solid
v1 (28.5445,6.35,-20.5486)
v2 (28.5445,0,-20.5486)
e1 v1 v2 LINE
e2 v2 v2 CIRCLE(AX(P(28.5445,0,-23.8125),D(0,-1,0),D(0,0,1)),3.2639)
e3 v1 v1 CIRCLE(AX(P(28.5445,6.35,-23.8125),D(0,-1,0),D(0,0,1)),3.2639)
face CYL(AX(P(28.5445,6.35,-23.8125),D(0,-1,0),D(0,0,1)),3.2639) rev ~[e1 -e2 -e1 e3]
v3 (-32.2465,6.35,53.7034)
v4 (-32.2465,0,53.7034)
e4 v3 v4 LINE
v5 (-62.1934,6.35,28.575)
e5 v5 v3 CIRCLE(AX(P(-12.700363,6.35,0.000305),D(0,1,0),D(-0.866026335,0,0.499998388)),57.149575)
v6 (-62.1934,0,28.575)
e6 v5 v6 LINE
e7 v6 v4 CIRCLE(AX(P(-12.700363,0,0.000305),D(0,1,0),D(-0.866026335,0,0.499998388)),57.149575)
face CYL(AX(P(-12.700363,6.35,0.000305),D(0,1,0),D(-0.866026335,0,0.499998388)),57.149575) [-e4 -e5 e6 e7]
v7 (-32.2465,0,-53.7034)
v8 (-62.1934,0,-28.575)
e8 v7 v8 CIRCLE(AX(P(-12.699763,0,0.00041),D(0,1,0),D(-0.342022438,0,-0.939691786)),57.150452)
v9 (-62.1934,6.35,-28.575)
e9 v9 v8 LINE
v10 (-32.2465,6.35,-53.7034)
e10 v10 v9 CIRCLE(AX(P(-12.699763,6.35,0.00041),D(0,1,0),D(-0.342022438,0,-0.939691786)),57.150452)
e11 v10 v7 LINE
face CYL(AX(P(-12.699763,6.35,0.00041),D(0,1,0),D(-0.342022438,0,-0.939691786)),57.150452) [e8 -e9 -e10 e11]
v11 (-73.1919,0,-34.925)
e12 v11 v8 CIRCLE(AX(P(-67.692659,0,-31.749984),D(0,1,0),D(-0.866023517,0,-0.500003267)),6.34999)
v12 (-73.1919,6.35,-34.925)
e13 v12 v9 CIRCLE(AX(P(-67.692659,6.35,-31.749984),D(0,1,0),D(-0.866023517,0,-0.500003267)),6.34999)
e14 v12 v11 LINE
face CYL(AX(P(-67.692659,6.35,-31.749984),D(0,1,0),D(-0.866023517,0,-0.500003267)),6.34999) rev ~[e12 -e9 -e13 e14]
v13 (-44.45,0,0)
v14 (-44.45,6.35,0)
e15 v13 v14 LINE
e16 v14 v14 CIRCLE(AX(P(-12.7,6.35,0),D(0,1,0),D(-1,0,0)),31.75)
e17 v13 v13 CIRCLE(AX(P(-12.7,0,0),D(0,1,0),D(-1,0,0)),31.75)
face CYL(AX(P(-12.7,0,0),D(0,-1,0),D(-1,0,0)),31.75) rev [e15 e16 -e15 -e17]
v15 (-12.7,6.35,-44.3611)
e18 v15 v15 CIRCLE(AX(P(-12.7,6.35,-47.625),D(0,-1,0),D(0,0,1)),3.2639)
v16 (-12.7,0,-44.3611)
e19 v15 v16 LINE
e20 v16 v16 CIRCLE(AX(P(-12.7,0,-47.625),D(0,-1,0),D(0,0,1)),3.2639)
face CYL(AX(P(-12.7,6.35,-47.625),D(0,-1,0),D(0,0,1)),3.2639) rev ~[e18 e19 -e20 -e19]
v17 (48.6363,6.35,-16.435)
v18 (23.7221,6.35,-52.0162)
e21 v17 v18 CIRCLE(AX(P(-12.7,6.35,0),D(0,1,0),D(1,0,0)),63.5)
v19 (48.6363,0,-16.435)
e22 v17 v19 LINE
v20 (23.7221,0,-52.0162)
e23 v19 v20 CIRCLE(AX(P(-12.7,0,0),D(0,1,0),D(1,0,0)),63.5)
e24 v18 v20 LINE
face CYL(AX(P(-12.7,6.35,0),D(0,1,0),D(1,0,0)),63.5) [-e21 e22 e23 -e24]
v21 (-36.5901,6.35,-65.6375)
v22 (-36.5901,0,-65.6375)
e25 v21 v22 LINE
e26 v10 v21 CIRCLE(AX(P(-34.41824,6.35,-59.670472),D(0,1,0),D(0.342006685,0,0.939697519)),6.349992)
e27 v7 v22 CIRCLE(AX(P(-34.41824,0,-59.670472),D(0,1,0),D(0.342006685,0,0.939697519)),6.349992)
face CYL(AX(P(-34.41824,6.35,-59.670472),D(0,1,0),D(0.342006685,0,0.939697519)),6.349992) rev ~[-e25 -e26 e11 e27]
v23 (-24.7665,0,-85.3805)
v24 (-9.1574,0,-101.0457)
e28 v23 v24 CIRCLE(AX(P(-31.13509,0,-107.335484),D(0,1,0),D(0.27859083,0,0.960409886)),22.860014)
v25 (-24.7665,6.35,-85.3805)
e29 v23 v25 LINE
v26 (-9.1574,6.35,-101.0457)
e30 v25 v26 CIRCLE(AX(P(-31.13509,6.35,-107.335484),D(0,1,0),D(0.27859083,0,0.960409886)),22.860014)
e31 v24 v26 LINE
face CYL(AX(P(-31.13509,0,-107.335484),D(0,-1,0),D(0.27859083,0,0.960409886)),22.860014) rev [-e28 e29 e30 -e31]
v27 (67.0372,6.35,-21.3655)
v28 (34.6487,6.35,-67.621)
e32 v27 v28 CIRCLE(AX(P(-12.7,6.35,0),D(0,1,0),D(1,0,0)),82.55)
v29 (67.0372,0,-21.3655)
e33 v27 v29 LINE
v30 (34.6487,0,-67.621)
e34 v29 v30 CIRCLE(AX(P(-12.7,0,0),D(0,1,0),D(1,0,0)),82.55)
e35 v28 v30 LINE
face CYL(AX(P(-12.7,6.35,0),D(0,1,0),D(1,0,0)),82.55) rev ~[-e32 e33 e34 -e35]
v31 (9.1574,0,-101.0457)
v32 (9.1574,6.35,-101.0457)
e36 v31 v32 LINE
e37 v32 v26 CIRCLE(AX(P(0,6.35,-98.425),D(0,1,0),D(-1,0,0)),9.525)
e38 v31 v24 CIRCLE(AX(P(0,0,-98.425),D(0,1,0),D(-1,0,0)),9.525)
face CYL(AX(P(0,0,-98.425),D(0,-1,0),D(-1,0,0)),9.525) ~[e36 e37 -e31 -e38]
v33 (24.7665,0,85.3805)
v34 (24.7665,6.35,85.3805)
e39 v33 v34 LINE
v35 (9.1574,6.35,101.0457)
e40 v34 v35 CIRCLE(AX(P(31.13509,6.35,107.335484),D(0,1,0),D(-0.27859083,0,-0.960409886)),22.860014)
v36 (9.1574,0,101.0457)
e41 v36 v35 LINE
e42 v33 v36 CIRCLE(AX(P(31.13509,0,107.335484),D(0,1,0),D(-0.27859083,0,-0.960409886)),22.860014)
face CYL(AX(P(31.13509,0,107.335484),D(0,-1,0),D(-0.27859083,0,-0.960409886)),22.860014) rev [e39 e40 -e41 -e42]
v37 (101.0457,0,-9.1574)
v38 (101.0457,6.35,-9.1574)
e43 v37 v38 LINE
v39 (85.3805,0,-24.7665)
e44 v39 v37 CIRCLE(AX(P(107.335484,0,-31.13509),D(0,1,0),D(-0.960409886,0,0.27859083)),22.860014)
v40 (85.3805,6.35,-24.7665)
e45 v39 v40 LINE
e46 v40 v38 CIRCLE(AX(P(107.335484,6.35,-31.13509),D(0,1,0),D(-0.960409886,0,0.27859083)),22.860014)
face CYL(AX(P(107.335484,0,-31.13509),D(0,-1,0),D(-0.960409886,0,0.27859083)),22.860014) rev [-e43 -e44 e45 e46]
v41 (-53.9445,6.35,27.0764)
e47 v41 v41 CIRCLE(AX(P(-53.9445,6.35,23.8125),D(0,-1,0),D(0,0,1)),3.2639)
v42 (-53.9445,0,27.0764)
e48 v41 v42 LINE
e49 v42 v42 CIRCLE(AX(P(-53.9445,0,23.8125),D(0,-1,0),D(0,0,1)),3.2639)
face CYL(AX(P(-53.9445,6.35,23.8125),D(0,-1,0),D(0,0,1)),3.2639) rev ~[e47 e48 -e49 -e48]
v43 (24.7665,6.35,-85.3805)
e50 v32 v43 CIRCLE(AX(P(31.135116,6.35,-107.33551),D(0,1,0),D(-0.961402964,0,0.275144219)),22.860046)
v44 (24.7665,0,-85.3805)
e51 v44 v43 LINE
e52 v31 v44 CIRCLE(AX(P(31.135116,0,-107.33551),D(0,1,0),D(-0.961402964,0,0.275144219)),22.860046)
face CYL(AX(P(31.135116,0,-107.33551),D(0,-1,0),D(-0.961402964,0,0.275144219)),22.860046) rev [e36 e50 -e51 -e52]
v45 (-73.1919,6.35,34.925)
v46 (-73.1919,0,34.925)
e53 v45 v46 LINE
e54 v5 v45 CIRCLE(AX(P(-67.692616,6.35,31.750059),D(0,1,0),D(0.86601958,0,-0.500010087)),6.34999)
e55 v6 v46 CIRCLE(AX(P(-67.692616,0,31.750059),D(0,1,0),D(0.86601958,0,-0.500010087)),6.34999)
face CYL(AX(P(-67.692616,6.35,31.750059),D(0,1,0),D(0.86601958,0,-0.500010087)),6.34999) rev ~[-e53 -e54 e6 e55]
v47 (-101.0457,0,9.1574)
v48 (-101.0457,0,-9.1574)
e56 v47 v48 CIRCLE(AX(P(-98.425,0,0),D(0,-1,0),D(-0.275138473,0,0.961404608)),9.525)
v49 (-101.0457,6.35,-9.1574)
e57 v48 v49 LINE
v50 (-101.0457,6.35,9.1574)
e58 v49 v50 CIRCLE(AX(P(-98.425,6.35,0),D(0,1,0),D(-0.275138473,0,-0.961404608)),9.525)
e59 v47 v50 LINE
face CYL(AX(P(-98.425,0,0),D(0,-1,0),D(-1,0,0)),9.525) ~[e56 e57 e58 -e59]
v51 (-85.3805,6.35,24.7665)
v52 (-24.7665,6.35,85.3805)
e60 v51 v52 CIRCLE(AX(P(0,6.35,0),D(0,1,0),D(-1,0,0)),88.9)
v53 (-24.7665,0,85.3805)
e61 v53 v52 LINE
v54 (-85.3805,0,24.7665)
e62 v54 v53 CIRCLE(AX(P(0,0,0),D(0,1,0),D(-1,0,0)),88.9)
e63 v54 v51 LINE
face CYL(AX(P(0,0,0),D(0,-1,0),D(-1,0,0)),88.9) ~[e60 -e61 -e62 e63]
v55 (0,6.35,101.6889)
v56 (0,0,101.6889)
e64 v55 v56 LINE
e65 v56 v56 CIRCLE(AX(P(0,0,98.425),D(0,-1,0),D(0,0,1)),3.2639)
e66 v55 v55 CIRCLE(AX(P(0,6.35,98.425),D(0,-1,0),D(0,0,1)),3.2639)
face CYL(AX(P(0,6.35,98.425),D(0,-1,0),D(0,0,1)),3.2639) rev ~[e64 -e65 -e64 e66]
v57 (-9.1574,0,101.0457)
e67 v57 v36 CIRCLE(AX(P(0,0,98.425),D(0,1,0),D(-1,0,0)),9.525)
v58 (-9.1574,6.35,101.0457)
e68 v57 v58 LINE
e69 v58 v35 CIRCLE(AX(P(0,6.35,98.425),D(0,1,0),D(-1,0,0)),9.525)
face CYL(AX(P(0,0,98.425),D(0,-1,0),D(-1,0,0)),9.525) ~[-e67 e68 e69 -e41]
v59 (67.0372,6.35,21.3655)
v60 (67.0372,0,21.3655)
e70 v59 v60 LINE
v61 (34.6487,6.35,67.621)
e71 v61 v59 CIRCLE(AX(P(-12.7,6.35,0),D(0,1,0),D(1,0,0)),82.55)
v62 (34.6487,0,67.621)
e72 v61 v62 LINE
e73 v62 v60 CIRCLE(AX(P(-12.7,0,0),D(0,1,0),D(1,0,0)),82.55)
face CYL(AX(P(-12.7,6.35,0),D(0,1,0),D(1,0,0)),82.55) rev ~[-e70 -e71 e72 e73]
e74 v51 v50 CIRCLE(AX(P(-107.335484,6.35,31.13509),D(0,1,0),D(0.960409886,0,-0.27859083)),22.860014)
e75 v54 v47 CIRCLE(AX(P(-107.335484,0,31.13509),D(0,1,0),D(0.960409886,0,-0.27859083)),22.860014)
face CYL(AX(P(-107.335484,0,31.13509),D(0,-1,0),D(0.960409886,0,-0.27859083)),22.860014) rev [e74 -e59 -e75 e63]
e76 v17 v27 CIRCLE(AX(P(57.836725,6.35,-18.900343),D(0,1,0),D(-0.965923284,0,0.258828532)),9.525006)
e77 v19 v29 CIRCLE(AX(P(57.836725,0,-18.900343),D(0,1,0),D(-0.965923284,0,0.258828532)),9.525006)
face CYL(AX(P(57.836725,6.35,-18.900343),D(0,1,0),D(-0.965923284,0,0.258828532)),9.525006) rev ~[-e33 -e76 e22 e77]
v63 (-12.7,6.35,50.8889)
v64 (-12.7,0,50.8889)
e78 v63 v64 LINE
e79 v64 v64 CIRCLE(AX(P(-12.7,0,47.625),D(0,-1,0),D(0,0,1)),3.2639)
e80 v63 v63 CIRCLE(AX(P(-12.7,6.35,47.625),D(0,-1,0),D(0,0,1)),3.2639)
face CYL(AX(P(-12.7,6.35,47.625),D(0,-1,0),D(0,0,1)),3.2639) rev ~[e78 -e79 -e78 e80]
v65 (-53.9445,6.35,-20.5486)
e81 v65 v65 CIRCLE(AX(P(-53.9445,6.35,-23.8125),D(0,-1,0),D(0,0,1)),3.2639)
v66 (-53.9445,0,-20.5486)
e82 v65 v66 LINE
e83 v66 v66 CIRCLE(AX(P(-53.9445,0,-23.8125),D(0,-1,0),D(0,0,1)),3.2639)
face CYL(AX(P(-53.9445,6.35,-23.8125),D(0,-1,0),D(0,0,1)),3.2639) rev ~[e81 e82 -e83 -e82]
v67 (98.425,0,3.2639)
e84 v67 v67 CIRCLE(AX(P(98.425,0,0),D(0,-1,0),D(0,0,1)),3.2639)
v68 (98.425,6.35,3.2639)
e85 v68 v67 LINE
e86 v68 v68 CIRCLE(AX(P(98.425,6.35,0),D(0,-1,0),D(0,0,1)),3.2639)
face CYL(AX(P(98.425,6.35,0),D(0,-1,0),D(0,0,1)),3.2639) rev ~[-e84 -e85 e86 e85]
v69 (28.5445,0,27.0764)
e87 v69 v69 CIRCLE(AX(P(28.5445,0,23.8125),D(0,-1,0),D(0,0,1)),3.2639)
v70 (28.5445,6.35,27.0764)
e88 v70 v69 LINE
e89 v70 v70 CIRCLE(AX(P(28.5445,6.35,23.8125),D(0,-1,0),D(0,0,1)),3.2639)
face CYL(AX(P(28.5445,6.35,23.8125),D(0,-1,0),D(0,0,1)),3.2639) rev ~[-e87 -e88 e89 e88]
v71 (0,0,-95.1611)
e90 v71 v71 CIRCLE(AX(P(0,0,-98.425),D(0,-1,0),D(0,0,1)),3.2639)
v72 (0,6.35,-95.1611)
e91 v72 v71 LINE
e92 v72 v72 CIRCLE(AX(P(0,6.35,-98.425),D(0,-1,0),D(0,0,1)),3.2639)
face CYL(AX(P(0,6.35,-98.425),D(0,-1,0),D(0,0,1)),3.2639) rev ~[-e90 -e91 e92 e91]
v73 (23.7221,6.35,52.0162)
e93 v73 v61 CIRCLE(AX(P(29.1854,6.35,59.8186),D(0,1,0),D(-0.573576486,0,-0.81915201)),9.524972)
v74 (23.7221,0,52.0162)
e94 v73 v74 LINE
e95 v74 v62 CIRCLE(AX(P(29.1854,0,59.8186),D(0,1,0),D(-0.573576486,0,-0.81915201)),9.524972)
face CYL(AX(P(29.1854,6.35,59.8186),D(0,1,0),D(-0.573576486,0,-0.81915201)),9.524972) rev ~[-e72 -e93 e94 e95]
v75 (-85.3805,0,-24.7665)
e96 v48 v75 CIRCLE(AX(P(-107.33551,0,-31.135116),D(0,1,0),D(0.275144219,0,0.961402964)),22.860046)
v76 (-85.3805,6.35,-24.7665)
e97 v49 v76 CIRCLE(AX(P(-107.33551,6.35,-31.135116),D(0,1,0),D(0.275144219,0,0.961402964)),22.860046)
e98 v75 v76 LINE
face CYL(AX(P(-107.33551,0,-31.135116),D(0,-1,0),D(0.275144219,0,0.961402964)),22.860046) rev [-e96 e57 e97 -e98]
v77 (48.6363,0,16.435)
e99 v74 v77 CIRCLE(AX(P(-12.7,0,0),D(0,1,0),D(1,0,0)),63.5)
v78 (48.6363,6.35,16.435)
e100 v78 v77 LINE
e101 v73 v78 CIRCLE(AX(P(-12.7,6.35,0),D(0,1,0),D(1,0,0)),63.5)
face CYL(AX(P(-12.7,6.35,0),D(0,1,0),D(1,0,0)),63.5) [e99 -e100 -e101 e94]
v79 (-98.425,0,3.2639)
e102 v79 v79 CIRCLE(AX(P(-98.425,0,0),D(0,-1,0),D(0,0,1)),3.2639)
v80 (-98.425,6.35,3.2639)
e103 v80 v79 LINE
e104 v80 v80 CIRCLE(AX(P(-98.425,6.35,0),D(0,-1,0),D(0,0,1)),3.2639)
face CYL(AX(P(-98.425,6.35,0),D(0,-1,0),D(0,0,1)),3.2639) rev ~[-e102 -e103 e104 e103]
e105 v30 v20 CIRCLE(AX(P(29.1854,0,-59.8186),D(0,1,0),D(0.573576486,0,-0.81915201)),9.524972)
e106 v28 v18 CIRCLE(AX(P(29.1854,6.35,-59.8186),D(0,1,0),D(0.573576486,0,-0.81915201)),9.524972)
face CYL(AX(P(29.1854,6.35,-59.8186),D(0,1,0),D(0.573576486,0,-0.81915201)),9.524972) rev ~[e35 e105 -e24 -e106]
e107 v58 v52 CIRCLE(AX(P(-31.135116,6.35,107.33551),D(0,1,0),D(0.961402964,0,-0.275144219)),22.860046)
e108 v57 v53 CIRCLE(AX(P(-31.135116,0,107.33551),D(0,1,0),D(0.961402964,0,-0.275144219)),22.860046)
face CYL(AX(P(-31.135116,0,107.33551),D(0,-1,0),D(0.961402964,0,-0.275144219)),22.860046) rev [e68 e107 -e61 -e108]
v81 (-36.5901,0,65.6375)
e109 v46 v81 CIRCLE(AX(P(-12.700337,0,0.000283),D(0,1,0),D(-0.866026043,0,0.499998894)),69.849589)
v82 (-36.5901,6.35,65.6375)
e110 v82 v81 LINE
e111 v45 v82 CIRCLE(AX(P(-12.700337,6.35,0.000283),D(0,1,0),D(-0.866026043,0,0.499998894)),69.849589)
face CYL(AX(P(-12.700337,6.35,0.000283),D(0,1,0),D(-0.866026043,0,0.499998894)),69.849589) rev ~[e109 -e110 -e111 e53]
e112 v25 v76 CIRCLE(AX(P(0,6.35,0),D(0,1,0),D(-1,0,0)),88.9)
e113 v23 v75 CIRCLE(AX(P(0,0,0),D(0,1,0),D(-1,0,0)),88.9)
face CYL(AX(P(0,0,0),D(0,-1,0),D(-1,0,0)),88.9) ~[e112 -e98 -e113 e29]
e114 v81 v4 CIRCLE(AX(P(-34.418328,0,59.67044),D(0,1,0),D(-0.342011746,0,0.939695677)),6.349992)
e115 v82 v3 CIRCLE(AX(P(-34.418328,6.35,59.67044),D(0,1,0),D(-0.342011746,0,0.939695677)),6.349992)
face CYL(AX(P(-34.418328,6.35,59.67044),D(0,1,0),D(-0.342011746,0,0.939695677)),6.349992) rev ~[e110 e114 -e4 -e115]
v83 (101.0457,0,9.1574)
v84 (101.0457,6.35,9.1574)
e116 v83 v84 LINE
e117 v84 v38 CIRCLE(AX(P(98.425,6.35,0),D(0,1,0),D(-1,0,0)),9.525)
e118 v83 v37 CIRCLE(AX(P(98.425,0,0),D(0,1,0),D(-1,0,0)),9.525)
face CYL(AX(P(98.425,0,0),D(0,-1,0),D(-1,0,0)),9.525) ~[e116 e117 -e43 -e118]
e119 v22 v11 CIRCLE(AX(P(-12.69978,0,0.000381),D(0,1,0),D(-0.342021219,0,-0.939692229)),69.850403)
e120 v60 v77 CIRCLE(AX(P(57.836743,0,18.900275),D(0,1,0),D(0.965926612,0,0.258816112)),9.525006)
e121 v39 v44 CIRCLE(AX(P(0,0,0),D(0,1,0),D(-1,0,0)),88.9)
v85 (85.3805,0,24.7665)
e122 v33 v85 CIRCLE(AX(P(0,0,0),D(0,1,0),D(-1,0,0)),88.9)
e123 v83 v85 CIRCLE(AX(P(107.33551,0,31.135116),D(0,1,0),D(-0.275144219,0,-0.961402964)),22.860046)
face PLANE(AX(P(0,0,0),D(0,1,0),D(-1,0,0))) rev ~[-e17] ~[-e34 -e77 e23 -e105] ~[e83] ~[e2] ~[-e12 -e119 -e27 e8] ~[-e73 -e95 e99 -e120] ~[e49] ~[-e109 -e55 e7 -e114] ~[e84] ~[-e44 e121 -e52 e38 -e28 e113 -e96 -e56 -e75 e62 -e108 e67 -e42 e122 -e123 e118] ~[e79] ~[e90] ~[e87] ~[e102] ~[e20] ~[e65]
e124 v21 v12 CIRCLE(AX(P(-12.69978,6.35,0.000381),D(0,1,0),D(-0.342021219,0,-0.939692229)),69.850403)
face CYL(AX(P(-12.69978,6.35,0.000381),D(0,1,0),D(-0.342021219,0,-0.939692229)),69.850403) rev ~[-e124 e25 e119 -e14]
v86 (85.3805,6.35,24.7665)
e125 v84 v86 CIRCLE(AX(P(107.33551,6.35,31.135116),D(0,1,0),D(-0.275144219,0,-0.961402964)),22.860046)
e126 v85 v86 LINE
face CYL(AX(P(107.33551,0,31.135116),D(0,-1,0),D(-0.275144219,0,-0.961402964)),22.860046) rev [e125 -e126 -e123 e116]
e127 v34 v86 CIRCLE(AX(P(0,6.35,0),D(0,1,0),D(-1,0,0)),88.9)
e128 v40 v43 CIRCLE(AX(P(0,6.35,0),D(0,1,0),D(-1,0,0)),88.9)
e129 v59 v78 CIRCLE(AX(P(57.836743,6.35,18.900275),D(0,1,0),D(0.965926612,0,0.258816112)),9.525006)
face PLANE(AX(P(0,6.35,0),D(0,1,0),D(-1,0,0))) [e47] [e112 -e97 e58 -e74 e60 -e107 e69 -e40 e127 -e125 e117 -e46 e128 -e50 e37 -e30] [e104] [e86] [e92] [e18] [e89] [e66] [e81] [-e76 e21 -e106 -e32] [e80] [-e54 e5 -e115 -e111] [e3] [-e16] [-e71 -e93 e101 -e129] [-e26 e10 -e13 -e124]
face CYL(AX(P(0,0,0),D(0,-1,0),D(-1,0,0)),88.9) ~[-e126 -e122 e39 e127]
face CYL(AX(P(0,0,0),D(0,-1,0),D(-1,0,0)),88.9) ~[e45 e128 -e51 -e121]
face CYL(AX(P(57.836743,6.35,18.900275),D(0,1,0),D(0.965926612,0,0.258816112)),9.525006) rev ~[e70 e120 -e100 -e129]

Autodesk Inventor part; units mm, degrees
ref_plane "YZ Plane" through (0, 0, 0) normal (1, 0, 0) x (0, 1, 0)
ref_plane "XZ Plane" through (0, 0, 0) normal (0, 1, 0) x (-1, 0, 0)
ref_plane "XY Plane" through (0, 0, 0) normal (0, 0, 1) x (1, 0, 0)
sketch "Sketch1" plane through (0, 0, 0) normal (0, 1, 0) x (-1, 0, 0)
  circle A0 centre (12.7, 0) radius 31.75
  circle A1 centre (0, 0) radius 88.9
  circle A2 centre (0, 98.425) radius 9.525
  arc A3 (9.1574, 101.0457) -> (24.7665, 85.3805) centre (31.1351, 107.3355) ccw
  arc A4 (-24.7665, 85.3805) -> (-9.1574, 101.0457) centre (-31.1351, 107.3355) ccw
  circle A5 centre (-98.425, 0) radius 9.525
  circle A6 centre (0, -98.425) radius 9.525
  circle A7 centre (98.425, 0) radius 9.525
  arc A8 (85.3805, 24.7665) -> (101.0457, 9.1574) centre (107.3355, 31.1351) ccw
  arc A9 (24.7665, -85.3805) -> (9.1574, -101.0457) centre (31.1351, -107.3355) ccw
  arc A10 (-9.1574, -101.0457) -> (-24.7665, -85.3805) centre (-31.1351, -107.3355) ccw
  arc A11 (-85.3805, -24.7665) -> (-101.0457, -9.1574) centre (-107.3355, -31.1351) ccw
  arc A12 (-101.0457, 9.1574) -> (-85.3805, 24.7665) centre (-107.3355, 31.1351) ccw
  arc A13 (101.0457, -9.1574) -> (85.3805, -24.7665) centre (107.3355, -31.1351) ccw
  line L0 (98.425, 0) -> (88.9, 0)
  line L1 (0, 98.425) -> (0, 88.9)
  line L2 (0, -98.425) -> (0, -88.9)
  line L3 (-98.425, 0) -> (-88.9, 0)
  line L4 (12.7, 0) -> (0, 0)
  dimension "d20" = 177.8
  dimension "d0" = 63.5
  dimension "d2" = 19.05
  dimension "d3" = 22.86
  dimension "d21" = 12.7
extrude "Extrusion1" add sketch "Sketch1" along normal blind 6.35
sketch "Sketch3" plane through (0, 6.35, 0) normal (0, 1, 0) x (1, 0, 0)
  circle A0 centre (-12.7, 0) radius 31.75 projected
  arc A1 (101.0457, -9.1574) -> (101.0457, 9.1574) centre (98.425, 0) ccw projected
  arc A2 (101.0457, -9.1574) -> (85.3805, -24.7665) centre (107.3355, -31.1351) ccw projected
  arc A3 (24.7665, -85.3805) -> (85.3805, -24.7665) centre (0, 0) ccw projected
  arc A4 (24.7665, -85.3805) -> (9.1574, -101.0457) centre (31.1351, -107.3355) ccw projected
  arc A5 (-9.1574, -101.0457) -> (9.1574, -101.0457) centre (0, -98.425) ccw projected
  arc A6 (-9.1574, -101.0457) -> (-24.7665, -85.3805) centre (-31.1351, -107.3355) ccw projected
  arc A7 (-85.3805, -24.7665) -> (-24.7665, -85.3805) centre (0, 0) ccw projected
  arc A8 (-85.3805, -24.7665) -> (-101.0457, -9.1574) centre (-107.3355, -31.1351) ccw projected
  arc A9 (-101.0457, 9.1574) -> (-101.0457, -9.1574) centre (-98.425, 0) ccw projected
  arc A10 (-101.0457, 9.1574) -> (-85.3805, 24.7665) centre (-107.3355, 31.1351) ccw projected
  arc A11 (-24.7665, 85.3805) -> (-85.3805, 24.7665) centre (0, 0) ccw projected
  arc A12 (-24.7665, 85.3805) -> (-9.1574, 101.0457) centre (-31.1351, 107.3355) ccw projected
  arc A13 (9.1574, 101.0457) -> (-9.1574, 101.0457) centre (0, 98.425) ccw projected
  arc A14 (9.1574, 101.0457) -> (24.7665, 85.3805) centre (31.1351, 107.3355) ccw projected
  arc A15 (85.3805, 24.7665) -> (24.7665, 85.3805) centre (0, 0) ccw projected
  arc A16 (85.3805, 24.7665) -> (101.0457, 9.1574) centre (107.3355, 31.1351) ccw projected
hole "Hole1" at (98.425, 6.35, 0) at (0, 6.35, 98.425) at (-98.425, 6.35, 0) at (0, 6.35, -98.425) direction (0, -1, 0) diameter 6.5278 depth 12.2936 tip angle 118 clearance for "Socket Head Cap Screw" size "1/4" standard "Ansi Unified Screw Threads"
sketch "Sketch8" plane through (0, 6.35, 0) normal (0, 1, 0) x (1, 0, 0)
  circle A0 centre (-12.7, 0) radius 31.75 projected
  circle A1 centre (-12.7, 0) radius 47.625
  line L0 (-12.7, 0) -> (-12.7, 47.625)
  point P0 (0, 0)
  point P1 (-53.9445, 23.8125)
  point P2 (-53.9445, -23.8125)
  point P3 (-12.7, -47.625)
  point P4 (28.5445, -23.8125)
  point P5 (28.5445, 23.8125)
  dimension "d38" = 95.25
  dimension "d41" = 360
hole "Hole3" at (-12.7, 6.35, -47.625) at (-53.9445, 6.35, -23.8125) at (-53.9445, 6.35, 23.8125) at (-12.7, 6.35, 47.625) at (28.5445, 6.35, 23.8125) at (28.5445, 6.35, -23.8125) direction (0, -1, 0) diameter 6.5278 end through all clearance for "Socket Head Cap Screw" size "1/4" standard "Ansi Unified Screw Threads"
sketch "Sketch9" plane through (0, 6.35, 0) normal (0, 1, 0) x (1, 0, 0)
  circle A0 centre (-12.7, 0) radius 31.75 projected
  circle A1 centre (-12.7, 0) radius 63.5
  circle A2 centre (-12.7, 0) radius 82.55
  arc A3 (34.6487, 67.621) -> (23.7221, 52.0162) centre (29.1854, 59.8186) ccw
  arc A4 (23.7221, -52.0162) -> (34.6487, -67.621) centre (29.1854, -59.8186) ccw
  line L0 (0, 0) -> (50.8, 0)
  line L1 (-12.7, 0) -> (29.1854, 59.8186)
  line L2 (29.1854, -59.8186) -> (-12.7, 0)
  arc A5 (67.0372, -21.3655) -> (48.6363, -16.435) centre (57.8367, -18.9003) ccw
  arc A6 (48.6363, 16.435) -> (67.0372, 21.3655) centre (57.8367, 18.9003) ccw
  line L3 (-12.7, 0) -> (57.8367, 18.9003)
  line L4 (-12.7, 0) -> (57.8367, -18.9003)
  dimension "d50" = 31.75
  dimension "d51" = 19.05
  dimension "d52" = 55
  dimension "d53" = 55
  dimension "d54" = 40
  dimension "d55" = 40
extrude "Extrusion3" cut sketch "Sketch9" against normal blind 25.4 contours A1 A3 A2 A6 | A5 A2 A4 A1
sketch "Sketch10" plane through (0, 6.35, 0) normal (0, 1, 0) x (1, 0, 0)
  circle A0 centre (-98.425, 0) radius 3.2639
  line L0 (-12.7, 0) -> (-98.425, 0)
  arc A1 (-32.2465, 53.7034) -> (-62.1934, 28.575) centre (-12.7, 0) ccw
  arc A2 (-73.1919, 34.925) -> (-62.1934, 28.575) centre (-67.6926, 31.75) ccw
  arc A3 (-32.2465, 53.7034) -> (-36.5901, 65.6375) centre (-34.4183, 59.6705) ccw
  arc A4 (-36.5901, 65.6375) -> (-73.1919, 34.925) centre (-12.7, 0) ccw
  circle A5 centre (-98.425, 0) radius 3.2639 projected
  circle A6 centre (-12.7, 0) radius 31.75 projected
  arc A7 (-62.1934, -28.575) -> (-32.2465, -53.7034) centre (-12.7, 0) ccw
  arc A8 (-62.1934, -28.575) -> (-73.1919, -34.925) centre (-67.6926, -31.75) ccw
  arc A9 (-36.5901, -65.6375) -> (-32.2465, -53.7034) centre (-34.4183, -59.6705) ccw
  arc A10 (-73.1919, -34.925) -> (-36.5901, -65.6375) centre (-12.7, 0) ccw
  circle A11 centre (-12.7, 0) radius 31.75
  dimension "d58" = 114.3
  dimension "d59" = 12.7
  dimension "d60" = 70
  dimension "d61" = 30
extrude "Extrusion4" cut sketch "Sketch10" against normal blind 25.4 contours A1 A2 A4 A3 | A7 A9 A10 A8
properties part number "LargeBearingPlate" material "Aluminum 6061"
